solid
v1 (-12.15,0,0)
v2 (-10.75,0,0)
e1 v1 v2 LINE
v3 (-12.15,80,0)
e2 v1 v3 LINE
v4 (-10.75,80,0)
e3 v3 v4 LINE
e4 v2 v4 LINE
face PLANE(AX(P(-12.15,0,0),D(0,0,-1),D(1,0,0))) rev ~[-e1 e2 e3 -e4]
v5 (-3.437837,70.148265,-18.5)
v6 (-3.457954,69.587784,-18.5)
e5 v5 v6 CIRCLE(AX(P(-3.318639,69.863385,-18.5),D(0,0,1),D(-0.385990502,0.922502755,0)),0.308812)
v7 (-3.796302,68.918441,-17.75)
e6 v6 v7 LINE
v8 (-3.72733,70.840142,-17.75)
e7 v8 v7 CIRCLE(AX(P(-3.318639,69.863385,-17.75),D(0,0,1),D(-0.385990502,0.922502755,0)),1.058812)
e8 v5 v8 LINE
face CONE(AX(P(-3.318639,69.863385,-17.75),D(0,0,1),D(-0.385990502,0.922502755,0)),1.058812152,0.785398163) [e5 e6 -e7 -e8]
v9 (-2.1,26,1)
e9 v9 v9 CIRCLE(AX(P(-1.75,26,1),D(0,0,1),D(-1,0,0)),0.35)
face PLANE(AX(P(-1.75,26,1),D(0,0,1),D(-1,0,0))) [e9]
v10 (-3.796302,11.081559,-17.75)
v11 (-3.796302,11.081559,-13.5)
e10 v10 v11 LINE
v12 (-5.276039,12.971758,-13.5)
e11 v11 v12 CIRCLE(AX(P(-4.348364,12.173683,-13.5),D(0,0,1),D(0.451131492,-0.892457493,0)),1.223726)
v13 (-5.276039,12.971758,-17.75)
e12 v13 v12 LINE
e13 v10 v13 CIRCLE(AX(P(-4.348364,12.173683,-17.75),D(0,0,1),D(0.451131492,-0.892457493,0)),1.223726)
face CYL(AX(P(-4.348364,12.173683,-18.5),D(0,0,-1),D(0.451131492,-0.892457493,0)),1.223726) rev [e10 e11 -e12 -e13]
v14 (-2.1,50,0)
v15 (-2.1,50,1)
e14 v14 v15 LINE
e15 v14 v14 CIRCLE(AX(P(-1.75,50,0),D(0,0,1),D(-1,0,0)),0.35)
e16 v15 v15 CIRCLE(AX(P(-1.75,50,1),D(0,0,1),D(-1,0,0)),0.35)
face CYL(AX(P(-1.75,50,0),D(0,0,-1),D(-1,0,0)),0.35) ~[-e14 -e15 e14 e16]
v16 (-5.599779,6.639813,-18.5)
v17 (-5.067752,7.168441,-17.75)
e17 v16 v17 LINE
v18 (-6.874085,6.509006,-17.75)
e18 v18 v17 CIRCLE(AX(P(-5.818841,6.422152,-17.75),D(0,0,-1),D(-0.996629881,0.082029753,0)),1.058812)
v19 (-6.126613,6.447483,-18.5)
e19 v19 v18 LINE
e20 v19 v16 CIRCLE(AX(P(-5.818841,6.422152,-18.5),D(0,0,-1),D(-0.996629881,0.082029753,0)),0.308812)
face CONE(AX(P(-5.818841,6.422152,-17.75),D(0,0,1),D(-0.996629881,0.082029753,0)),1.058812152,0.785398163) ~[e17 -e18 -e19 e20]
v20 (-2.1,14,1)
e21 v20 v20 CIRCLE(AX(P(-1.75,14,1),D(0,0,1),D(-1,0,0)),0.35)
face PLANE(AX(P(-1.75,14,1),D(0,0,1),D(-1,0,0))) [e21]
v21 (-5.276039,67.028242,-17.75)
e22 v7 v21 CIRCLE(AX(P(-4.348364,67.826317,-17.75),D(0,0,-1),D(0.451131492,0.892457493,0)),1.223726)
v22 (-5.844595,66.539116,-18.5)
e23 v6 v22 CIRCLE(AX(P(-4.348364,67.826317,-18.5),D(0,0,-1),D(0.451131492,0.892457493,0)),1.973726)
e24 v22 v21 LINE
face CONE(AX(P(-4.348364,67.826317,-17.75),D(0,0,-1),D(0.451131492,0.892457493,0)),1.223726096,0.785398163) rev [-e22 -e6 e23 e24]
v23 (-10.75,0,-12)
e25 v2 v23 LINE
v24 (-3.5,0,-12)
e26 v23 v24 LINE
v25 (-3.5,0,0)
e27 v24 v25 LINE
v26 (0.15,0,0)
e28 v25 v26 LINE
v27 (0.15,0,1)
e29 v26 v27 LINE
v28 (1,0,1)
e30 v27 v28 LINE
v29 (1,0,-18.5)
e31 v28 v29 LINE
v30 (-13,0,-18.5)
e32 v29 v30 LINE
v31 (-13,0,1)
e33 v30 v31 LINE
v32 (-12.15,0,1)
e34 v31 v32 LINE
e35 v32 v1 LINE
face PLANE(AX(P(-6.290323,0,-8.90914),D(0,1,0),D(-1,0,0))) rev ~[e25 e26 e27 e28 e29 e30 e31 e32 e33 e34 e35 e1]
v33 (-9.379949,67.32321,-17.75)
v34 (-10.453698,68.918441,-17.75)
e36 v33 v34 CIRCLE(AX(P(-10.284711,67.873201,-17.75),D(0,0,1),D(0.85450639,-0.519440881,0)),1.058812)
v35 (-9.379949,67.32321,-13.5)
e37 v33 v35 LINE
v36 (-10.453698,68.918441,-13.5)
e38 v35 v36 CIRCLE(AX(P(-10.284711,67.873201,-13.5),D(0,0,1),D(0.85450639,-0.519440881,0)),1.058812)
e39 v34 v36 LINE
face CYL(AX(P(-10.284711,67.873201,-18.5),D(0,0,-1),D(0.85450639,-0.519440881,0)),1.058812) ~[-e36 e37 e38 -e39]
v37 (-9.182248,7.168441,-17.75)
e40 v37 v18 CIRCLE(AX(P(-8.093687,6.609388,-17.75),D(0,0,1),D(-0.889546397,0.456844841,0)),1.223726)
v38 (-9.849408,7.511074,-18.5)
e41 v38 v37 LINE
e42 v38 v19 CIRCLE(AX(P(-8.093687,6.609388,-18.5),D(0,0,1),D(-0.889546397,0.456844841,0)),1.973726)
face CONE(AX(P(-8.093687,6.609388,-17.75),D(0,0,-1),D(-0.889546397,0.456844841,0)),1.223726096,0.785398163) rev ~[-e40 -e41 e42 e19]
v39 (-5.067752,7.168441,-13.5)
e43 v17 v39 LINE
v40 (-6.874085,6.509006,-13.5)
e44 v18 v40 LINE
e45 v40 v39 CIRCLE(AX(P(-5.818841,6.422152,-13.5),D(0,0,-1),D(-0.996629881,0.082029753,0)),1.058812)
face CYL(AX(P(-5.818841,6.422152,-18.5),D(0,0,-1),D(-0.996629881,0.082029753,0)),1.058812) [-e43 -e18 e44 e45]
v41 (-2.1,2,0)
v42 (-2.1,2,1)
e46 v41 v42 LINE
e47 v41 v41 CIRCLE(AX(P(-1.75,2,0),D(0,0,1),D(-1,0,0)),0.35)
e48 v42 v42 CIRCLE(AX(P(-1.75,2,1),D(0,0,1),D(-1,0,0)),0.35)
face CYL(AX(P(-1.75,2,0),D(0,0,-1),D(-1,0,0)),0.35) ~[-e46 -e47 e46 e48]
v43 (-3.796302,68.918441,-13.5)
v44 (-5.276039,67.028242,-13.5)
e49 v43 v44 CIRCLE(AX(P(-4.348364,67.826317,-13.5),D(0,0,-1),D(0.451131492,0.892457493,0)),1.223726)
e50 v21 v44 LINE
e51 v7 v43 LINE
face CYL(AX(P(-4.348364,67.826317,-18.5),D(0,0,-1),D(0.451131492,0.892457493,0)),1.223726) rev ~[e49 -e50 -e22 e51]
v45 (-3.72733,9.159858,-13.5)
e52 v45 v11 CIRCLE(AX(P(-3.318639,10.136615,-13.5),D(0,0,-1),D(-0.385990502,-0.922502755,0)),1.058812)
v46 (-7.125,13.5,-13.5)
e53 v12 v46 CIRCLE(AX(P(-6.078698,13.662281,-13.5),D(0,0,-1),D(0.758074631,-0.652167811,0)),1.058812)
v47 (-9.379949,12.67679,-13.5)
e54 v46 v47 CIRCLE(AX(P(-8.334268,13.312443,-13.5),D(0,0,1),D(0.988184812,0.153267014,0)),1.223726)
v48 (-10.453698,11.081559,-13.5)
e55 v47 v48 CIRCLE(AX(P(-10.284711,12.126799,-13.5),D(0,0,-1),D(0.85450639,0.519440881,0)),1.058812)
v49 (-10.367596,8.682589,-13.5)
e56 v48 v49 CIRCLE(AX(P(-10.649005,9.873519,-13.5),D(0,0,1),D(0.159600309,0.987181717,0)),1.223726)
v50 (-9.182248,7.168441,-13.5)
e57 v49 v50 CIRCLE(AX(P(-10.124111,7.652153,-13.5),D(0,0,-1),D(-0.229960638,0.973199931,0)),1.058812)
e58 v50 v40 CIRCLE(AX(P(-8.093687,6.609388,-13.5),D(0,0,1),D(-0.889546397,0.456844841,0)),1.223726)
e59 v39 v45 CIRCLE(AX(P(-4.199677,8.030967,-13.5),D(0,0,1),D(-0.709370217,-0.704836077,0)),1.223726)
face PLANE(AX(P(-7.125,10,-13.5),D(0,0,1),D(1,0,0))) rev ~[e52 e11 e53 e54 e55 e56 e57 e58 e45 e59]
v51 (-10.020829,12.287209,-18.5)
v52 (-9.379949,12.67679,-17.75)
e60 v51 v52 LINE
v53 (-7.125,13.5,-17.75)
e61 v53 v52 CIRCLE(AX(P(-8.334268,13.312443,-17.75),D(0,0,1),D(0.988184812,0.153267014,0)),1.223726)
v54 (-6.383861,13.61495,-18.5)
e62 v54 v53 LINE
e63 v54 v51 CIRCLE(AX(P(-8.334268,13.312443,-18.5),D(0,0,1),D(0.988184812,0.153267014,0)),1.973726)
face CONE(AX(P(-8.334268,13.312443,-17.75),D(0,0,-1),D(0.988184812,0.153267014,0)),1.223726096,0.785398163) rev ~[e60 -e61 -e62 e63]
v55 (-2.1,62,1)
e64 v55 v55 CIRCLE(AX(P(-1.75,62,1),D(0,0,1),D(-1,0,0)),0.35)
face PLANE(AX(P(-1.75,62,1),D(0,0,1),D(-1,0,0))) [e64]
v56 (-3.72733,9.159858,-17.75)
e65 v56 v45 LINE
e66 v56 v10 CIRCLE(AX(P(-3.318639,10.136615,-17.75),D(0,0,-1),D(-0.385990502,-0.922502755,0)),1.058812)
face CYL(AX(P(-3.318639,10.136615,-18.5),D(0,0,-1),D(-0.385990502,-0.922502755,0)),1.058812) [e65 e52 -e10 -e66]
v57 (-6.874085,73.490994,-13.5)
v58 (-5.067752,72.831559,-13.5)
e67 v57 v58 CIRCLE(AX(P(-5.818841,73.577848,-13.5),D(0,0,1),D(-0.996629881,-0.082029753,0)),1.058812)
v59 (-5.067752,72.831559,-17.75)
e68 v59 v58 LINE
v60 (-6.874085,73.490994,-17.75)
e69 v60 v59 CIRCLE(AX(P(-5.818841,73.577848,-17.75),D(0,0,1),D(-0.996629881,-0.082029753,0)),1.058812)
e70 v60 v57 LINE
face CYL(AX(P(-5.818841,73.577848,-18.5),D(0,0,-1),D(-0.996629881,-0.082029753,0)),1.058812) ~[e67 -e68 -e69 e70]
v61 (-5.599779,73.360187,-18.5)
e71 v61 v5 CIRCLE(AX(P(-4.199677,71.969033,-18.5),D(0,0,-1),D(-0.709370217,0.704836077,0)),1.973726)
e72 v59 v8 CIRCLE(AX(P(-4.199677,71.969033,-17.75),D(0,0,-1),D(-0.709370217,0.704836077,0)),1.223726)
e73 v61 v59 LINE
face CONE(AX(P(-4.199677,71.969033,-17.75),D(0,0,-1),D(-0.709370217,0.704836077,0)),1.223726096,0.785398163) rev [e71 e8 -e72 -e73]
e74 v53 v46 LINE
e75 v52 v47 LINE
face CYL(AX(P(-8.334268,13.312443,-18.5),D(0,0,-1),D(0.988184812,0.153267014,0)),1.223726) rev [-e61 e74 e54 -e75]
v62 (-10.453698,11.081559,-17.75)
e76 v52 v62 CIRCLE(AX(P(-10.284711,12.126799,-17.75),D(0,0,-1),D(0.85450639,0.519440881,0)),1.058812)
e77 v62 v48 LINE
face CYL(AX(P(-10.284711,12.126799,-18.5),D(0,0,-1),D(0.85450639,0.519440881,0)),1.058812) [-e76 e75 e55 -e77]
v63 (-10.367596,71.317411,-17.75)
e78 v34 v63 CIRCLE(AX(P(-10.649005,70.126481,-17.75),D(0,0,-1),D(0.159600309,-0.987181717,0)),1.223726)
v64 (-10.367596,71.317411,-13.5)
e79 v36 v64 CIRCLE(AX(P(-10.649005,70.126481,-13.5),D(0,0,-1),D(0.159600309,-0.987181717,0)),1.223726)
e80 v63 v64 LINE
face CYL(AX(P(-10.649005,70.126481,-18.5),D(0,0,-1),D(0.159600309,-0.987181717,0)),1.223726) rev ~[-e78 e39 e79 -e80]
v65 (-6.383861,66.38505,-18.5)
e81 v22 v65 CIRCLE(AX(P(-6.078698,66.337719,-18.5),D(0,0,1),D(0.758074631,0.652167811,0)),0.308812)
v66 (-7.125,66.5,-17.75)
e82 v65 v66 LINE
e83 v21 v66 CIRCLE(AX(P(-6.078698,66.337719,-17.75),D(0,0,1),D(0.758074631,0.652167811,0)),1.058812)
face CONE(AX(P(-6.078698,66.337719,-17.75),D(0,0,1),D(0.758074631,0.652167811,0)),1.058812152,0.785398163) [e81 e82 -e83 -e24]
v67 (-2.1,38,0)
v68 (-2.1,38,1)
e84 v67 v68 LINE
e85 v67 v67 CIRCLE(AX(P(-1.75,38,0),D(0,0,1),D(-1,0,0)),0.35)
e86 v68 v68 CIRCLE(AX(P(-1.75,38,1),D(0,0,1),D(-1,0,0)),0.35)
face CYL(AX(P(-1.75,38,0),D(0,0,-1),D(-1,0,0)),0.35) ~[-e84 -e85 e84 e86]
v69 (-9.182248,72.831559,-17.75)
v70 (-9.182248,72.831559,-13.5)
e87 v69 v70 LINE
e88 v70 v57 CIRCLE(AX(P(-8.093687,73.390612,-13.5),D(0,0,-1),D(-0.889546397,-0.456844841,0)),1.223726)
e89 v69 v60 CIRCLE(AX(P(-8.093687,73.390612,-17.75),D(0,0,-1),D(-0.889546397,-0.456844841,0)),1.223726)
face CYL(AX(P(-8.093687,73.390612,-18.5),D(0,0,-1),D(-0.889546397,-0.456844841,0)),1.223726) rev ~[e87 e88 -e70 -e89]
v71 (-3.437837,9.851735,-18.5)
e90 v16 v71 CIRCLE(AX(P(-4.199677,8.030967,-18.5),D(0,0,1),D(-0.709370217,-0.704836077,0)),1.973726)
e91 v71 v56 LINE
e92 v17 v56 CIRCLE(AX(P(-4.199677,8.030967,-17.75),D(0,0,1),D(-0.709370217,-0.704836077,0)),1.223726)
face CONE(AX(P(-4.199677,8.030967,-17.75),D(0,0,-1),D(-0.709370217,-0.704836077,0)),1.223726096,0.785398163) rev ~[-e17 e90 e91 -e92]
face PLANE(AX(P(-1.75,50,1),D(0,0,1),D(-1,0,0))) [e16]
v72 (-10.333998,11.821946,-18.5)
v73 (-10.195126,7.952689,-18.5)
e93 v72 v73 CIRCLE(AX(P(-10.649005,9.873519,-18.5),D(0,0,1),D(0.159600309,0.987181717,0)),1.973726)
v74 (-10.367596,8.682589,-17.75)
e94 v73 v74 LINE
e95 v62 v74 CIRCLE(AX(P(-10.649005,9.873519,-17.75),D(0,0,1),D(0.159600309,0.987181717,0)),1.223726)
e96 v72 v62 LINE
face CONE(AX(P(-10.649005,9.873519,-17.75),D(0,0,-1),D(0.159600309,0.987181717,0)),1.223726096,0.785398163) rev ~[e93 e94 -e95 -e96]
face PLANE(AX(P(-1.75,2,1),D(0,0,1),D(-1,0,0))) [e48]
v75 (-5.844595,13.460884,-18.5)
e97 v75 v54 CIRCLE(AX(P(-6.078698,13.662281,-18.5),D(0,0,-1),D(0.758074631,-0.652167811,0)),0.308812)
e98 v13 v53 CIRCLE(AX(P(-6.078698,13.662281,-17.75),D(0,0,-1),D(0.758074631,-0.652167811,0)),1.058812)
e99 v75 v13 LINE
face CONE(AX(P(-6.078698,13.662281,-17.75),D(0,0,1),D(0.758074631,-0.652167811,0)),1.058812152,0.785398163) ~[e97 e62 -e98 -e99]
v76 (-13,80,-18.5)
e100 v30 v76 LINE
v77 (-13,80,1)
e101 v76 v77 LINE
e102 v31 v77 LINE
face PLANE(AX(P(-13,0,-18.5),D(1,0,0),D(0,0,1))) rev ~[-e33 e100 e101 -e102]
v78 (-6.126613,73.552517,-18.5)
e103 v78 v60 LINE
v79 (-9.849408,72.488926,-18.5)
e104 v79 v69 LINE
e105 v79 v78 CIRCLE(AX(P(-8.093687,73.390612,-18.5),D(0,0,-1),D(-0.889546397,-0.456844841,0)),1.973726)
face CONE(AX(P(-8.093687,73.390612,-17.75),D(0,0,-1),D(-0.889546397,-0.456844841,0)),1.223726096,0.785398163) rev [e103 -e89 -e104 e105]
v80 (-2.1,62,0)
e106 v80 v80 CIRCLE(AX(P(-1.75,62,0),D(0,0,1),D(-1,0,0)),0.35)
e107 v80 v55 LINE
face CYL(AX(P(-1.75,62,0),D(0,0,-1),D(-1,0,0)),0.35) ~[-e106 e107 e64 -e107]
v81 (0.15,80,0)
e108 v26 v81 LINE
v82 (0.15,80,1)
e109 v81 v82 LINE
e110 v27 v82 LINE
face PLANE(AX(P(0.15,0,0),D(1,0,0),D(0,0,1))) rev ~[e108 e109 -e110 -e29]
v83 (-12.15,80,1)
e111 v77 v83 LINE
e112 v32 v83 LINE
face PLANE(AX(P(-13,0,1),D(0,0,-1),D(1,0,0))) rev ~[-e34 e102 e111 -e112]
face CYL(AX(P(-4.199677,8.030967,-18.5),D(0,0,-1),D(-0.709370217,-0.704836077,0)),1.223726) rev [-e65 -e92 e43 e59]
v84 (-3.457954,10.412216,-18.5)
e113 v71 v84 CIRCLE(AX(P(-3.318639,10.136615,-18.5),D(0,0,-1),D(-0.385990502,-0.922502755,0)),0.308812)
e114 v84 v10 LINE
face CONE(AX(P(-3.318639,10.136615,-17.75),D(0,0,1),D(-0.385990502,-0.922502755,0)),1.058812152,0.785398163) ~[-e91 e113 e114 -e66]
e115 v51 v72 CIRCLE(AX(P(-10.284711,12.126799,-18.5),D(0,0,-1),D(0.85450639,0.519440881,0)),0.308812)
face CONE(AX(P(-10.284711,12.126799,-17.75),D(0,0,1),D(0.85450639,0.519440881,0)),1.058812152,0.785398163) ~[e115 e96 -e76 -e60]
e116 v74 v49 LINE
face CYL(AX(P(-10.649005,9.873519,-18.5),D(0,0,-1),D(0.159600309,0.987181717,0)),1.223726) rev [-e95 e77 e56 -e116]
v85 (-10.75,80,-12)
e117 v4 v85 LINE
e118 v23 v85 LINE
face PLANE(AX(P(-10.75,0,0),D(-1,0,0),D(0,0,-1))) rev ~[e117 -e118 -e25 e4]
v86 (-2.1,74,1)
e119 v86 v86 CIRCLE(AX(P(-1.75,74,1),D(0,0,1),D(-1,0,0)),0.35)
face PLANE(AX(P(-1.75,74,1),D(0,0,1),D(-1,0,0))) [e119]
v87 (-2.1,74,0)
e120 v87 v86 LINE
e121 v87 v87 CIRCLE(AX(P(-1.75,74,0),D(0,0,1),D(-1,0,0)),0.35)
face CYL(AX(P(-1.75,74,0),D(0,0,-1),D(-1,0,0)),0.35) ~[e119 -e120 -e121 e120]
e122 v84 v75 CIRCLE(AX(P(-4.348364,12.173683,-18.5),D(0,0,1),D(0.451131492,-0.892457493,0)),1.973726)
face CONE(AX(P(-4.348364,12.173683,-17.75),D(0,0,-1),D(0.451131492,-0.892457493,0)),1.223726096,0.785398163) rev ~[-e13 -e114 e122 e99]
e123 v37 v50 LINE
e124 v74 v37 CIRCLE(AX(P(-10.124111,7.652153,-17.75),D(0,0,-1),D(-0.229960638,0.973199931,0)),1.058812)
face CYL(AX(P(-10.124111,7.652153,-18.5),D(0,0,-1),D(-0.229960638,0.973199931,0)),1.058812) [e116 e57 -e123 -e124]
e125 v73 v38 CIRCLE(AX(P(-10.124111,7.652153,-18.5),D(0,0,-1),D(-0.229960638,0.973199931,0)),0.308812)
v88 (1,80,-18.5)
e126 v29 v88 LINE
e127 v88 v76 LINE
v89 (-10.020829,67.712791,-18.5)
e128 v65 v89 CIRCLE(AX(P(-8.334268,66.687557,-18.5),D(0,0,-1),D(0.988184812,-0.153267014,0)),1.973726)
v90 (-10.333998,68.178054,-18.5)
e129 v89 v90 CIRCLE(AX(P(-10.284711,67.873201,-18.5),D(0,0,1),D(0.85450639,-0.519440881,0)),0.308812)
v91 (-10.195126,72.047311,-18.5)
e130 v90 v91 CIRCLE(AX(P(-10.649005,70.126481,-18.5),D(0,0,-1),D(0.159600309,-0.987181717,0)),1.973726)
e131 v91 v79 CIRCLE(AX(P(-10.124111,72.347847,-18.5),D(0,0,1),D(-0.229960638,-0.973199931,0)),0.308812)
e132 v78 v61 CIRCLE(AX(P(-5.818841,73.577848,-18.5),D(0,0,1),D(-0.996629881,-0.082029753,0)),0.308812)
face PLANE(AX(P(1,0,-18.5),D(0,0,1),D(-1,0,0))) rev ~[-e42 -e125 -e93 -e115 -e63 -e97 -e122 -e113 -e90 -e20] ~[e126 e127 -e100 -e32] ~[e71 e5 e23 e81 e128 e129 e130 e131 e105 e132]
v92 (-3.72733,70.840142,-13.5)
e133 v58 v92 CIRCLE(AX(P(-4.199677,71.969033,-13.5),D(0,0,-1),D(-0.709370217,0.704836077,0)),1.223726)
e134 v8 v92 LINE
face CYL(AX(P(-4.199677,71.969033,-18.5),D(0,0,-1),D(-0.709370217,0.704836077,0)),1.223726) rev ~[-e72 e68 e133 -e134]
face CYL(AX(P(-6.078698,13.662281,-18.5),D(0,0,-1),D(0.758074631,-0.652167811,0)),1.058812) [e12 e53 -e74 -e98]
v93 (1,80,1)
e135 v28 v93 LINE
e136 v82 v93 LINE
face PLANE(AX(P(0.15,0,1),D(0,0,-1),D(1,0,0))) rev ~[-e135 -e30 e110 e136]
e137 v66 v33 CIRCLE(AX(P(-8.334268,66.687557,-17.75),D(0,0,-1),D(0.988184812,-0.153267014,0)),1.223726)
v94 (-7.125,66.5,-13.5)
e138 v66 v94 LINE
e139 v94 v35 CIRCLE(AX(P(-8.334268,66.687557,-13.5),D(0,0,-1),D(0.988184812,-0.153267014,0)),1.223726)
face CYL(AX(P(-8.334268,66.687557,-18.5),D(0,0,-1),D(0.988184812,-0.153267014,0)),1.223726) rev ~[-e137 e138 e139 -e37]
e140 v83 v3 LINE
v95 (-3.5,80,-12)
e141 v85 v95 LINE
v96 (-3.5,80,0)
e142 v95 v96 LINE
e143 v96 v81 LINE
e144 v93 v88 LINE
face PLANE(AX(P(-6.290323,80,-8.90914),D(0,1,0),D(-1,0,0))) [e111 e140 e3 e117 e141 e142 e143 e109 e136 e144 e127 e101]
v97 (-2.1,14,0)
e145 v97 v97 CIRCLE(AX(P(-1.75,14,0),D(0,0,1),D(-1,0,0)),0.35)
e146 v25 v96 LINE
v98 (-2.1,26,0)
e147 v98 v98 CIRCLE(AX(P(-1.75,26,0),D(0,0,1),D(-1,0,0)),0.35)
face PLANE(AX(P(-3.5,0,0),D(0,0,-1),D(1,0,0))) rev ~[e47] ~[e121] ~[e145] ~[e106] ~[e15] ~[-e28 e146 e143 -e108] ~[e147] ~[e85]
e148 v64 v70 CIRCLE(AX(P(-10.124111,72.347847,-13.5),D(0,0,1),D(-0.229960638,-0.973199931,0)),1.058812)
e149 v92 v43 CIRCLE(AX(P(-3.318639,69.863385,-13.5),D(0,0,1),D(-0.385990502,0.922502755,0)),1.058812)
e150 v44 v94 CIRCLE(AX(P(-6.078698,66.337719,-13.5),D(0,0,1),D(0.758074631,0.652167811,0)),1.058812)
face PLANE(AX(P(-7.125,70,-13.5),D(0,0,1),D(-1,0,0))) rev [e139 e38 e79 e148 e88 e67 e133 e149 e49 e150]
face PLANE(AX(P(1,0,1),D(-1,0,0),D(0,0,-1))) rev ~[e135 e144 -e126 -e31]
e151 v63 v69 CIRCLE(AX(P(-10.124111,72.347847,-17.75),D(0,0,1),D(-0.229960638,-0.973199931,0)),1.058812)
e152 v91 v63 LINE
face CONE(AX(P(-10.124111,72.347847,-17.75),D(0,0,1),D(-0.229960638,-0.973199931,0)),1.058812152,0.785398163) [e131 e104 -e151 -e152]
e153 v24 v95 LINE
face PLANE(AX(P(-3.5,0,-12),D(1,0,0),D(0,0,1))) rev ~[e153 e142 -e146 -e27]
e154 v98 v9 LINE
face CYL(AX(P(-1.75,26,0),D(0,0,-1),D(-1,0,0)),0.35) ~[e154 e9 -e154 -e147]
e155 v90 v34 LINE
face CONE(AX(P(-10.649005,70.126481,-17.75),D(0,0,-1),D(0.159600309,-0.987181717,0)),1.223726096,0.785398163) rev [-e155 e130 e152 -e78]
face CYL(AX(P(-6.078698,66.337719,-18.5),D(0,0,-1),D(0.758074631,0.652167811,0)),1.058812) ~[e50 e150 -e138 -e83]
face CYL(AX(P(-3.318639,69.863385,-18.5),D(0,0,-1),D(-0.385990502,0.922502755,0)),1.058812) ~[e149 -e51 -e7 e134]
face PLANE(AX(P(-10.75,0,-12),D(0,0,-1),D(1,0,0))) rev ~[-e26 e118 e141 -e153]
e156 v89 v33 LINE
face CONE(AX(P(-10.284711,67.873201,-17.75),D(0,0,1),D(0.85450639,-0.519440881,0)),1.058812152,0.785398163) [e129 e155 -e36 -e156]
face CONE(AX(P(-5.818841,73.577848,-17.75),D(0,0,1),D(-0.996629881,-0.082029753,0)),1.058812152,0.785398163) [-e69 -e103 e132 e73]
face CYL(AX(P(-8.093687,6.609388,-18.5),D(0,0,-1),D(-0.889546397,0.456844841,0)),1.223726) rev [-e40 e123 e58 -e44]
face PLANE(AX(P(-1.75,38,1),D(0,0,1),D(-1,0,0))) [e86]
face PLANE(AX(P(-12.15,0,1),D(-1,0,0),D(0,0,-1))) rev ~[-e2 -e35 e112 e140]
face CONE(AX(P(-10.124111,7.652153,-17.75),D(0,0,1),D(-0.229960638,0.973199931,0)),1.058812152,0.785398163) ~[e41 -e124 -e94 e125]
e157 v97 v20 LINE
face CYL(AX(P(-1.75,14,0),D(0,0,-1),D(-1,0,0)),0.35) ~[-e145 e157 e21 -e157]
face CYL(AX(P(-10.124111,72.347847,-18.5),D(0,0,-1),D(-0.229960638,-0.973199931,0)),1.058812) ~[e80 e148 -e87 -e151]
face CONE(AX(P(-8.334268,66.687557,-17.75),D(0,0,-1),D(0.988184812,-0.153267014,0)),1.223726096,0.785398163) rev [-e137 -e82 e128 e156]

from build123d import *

# Parameters (mm, degrees)
PROFILE_EXTRUDE_DEPTH                = 80
SPROCKET_SKETCH_R                    = 0.35
SPROCKET_EXTRUDE_DEPTH               = 1
SPROCKET_PATTERN_COUNT               = 7
SPROCKET_PATTERN_PITCH               = 12
MAGNET_START                         = -6.5
MAGNET_CUT_DEPTH                     = 5
MAGNET_CHAMFER_SIZE                  = 0.75
MAGNET_CHAMFER_OF_MAGNET_MIRROR_SIZE = 0.75


with BuildPart() as part:
    # Profile Sketch → Profile Extrude (new body)
    with BuildSketch(Plane(origin=(0.045617437, 0, -0.024209872), x_dir=(-1, 0, 0), z_dir=(0, 1, 0))):
        Polygon((3.545617437, -11.975790128), (3.545617437, 0.024209872), (-0.104382563, 0.024209872), (-0.104382563, 1.024209872), (-0.954382563, 1.024209872), (-0.954382563, -18.475790128), (13.045617437, -18.475790128), (13.045617437, 1.024209872), (12.195617437, 1.024209872), (12.195617437, 0.024209872), (10.795617437, 0.024209872), (10.795617437, -11.975790128), align=None)
    extrude(amount=PROFILE_EXTRUDE_DEPTH)

    # Sprocket Sketch → Sprocket Extrude (add)
    with BuildSketch(Plane.XY):
        with Locations(Location((-1.75, 2, 0), (0, 0, 180))):
            Circle(SPROCKET_SKETCH_R)
    sprocket_extrude = extrude(amount=SPROCKET_EXTRUDE_DEPTH)

    # Sprocket Pattern: Sprocket Extrude ×7
    with Locations(*[(0, i * SPROCKET_PATTERN_PITCH, 0) for i in range(1, SPROCKET_PATTERN_COUNT)]):
        add(sprocket_extrude)

    # Magnet Hole Sketch → Magnet Cut (cut)
    with BuildSketch(Plane.XY.offset(-12).offset(MAGNET_START)):
        with BuildLine():
            ThreePointArc((-5.276039281, 12.971757773), (-6.369559557, 12.644203044), (-7.125, 13.5))
            ThreePointArc((-7.125, 13.5), (-8.753920776, 14.461963369), (-9.379949311, 12.676789795))
            ThreePointArc((-9.379949311, 12.676789795), (-9.4063426, 11.535570233), (-10.453697807, 11.08155948))
            ThreePointArc((-10.453697807, 11.08155948), (-11.87194354, 9.829626791), (-10.367596036, 8.682589301))
            ThreePointArc((-10.367596036, 8.682589301), (-9.29038771, 8.304831552), (-9.182248383, 7.16844052))
            ThreePointArc((-9.182248383, 7.16844052), (-8.429851675, 5.432740197), (-6.874085251, 6.509005616))
            ThreePointArc((-6.874085251, 6.509005616), (-6.181940604, 7.41675805), (-5.067751617, 7.16844052))
            ThreePointArc((-5.067751617, 7.16844052), (-3.184499145, 7.347651415), (-3.727330121, 9.159857515))
            ThreePointArc((-3.727330121, 9.159857515), (-4.37676953, 10.098637121), (-3.796302193, 11.08155948))
            ThreePointArc((-3.796302193, 11.08155948), (-3.384784865, 12.928018228), (-5.276039281, 12.971757773))
        make_face()
    magnet_cut = extrude(amount=MAGNET_CUT_DEPTH, mode=Mode.SUBTRACT)

    # Magnet Chamfer
    magnet_chamfer_edges = [part.edges().sort_by_distance(p)[0] for p in [
        (-3.384784865, 12.928018228, -18.5),
        (-8.753920776, 14.461963369, -18.5),
        (-11.87194354, 9.829626791, -18.5),
        (-8.429851675, 5.432740197, -18.5),
        (-3.184499145, 7.347651415, -18.5),
        (-4.37676953, 10.098637121, -18.5),
        (-6.181940604, 7.41675805, -18.5),
        (-9.29038771, 8.304831552, -18.5),
        (-9.4063426, 11.535570233, -18.5),
        (-6.369559557, 12.644203044, -18.5),
    ]]
    chamfer(magnet_chamfer_edges, length=MAGNET_CHAMFER_SIZE)

    # Magnet Mirror: Magnet Cut across plane
    add(magnet_cut.mirror(Plane(origin=(0, 40, 0), x_dir=(0, 0, 1), z_dir=(0, -1, 0))), mode=Mode.SUBTRACT)

    # Magnet Chamfer of Magnet Mirror
    magnet_chamfer_of_magnet_mirror_edges = [part.edges().sort_by_distance(p)[0] for p in [
        (-3.384784865, 67.071981772, -18.5),
        (-8.753920776, 65.538036631, -18.5),
        (-11.87194354, 70.170373209, -18.5),
        (-8.429851675, 74.567259803, -18.5),
        (-3.184499145, 72.652348585, -18.5),
        (-4.37676953, 69.901362879, -18.5),
        (-6.181940604, 72.58324195, -18.5),
        (-9.29038771, 71.695168448, -18.5),
        (-9.4063426, 68.464429767, -18.5),
        (-6.369559557, 67.355796956, -18.5),
    ]]
    chamfer(magnet_chamfer_of_magnet_mirror_edges, length=MAGNET_CHAMFER_OF_MAGNET_MIRROR_SIZE)


solid = part.part
